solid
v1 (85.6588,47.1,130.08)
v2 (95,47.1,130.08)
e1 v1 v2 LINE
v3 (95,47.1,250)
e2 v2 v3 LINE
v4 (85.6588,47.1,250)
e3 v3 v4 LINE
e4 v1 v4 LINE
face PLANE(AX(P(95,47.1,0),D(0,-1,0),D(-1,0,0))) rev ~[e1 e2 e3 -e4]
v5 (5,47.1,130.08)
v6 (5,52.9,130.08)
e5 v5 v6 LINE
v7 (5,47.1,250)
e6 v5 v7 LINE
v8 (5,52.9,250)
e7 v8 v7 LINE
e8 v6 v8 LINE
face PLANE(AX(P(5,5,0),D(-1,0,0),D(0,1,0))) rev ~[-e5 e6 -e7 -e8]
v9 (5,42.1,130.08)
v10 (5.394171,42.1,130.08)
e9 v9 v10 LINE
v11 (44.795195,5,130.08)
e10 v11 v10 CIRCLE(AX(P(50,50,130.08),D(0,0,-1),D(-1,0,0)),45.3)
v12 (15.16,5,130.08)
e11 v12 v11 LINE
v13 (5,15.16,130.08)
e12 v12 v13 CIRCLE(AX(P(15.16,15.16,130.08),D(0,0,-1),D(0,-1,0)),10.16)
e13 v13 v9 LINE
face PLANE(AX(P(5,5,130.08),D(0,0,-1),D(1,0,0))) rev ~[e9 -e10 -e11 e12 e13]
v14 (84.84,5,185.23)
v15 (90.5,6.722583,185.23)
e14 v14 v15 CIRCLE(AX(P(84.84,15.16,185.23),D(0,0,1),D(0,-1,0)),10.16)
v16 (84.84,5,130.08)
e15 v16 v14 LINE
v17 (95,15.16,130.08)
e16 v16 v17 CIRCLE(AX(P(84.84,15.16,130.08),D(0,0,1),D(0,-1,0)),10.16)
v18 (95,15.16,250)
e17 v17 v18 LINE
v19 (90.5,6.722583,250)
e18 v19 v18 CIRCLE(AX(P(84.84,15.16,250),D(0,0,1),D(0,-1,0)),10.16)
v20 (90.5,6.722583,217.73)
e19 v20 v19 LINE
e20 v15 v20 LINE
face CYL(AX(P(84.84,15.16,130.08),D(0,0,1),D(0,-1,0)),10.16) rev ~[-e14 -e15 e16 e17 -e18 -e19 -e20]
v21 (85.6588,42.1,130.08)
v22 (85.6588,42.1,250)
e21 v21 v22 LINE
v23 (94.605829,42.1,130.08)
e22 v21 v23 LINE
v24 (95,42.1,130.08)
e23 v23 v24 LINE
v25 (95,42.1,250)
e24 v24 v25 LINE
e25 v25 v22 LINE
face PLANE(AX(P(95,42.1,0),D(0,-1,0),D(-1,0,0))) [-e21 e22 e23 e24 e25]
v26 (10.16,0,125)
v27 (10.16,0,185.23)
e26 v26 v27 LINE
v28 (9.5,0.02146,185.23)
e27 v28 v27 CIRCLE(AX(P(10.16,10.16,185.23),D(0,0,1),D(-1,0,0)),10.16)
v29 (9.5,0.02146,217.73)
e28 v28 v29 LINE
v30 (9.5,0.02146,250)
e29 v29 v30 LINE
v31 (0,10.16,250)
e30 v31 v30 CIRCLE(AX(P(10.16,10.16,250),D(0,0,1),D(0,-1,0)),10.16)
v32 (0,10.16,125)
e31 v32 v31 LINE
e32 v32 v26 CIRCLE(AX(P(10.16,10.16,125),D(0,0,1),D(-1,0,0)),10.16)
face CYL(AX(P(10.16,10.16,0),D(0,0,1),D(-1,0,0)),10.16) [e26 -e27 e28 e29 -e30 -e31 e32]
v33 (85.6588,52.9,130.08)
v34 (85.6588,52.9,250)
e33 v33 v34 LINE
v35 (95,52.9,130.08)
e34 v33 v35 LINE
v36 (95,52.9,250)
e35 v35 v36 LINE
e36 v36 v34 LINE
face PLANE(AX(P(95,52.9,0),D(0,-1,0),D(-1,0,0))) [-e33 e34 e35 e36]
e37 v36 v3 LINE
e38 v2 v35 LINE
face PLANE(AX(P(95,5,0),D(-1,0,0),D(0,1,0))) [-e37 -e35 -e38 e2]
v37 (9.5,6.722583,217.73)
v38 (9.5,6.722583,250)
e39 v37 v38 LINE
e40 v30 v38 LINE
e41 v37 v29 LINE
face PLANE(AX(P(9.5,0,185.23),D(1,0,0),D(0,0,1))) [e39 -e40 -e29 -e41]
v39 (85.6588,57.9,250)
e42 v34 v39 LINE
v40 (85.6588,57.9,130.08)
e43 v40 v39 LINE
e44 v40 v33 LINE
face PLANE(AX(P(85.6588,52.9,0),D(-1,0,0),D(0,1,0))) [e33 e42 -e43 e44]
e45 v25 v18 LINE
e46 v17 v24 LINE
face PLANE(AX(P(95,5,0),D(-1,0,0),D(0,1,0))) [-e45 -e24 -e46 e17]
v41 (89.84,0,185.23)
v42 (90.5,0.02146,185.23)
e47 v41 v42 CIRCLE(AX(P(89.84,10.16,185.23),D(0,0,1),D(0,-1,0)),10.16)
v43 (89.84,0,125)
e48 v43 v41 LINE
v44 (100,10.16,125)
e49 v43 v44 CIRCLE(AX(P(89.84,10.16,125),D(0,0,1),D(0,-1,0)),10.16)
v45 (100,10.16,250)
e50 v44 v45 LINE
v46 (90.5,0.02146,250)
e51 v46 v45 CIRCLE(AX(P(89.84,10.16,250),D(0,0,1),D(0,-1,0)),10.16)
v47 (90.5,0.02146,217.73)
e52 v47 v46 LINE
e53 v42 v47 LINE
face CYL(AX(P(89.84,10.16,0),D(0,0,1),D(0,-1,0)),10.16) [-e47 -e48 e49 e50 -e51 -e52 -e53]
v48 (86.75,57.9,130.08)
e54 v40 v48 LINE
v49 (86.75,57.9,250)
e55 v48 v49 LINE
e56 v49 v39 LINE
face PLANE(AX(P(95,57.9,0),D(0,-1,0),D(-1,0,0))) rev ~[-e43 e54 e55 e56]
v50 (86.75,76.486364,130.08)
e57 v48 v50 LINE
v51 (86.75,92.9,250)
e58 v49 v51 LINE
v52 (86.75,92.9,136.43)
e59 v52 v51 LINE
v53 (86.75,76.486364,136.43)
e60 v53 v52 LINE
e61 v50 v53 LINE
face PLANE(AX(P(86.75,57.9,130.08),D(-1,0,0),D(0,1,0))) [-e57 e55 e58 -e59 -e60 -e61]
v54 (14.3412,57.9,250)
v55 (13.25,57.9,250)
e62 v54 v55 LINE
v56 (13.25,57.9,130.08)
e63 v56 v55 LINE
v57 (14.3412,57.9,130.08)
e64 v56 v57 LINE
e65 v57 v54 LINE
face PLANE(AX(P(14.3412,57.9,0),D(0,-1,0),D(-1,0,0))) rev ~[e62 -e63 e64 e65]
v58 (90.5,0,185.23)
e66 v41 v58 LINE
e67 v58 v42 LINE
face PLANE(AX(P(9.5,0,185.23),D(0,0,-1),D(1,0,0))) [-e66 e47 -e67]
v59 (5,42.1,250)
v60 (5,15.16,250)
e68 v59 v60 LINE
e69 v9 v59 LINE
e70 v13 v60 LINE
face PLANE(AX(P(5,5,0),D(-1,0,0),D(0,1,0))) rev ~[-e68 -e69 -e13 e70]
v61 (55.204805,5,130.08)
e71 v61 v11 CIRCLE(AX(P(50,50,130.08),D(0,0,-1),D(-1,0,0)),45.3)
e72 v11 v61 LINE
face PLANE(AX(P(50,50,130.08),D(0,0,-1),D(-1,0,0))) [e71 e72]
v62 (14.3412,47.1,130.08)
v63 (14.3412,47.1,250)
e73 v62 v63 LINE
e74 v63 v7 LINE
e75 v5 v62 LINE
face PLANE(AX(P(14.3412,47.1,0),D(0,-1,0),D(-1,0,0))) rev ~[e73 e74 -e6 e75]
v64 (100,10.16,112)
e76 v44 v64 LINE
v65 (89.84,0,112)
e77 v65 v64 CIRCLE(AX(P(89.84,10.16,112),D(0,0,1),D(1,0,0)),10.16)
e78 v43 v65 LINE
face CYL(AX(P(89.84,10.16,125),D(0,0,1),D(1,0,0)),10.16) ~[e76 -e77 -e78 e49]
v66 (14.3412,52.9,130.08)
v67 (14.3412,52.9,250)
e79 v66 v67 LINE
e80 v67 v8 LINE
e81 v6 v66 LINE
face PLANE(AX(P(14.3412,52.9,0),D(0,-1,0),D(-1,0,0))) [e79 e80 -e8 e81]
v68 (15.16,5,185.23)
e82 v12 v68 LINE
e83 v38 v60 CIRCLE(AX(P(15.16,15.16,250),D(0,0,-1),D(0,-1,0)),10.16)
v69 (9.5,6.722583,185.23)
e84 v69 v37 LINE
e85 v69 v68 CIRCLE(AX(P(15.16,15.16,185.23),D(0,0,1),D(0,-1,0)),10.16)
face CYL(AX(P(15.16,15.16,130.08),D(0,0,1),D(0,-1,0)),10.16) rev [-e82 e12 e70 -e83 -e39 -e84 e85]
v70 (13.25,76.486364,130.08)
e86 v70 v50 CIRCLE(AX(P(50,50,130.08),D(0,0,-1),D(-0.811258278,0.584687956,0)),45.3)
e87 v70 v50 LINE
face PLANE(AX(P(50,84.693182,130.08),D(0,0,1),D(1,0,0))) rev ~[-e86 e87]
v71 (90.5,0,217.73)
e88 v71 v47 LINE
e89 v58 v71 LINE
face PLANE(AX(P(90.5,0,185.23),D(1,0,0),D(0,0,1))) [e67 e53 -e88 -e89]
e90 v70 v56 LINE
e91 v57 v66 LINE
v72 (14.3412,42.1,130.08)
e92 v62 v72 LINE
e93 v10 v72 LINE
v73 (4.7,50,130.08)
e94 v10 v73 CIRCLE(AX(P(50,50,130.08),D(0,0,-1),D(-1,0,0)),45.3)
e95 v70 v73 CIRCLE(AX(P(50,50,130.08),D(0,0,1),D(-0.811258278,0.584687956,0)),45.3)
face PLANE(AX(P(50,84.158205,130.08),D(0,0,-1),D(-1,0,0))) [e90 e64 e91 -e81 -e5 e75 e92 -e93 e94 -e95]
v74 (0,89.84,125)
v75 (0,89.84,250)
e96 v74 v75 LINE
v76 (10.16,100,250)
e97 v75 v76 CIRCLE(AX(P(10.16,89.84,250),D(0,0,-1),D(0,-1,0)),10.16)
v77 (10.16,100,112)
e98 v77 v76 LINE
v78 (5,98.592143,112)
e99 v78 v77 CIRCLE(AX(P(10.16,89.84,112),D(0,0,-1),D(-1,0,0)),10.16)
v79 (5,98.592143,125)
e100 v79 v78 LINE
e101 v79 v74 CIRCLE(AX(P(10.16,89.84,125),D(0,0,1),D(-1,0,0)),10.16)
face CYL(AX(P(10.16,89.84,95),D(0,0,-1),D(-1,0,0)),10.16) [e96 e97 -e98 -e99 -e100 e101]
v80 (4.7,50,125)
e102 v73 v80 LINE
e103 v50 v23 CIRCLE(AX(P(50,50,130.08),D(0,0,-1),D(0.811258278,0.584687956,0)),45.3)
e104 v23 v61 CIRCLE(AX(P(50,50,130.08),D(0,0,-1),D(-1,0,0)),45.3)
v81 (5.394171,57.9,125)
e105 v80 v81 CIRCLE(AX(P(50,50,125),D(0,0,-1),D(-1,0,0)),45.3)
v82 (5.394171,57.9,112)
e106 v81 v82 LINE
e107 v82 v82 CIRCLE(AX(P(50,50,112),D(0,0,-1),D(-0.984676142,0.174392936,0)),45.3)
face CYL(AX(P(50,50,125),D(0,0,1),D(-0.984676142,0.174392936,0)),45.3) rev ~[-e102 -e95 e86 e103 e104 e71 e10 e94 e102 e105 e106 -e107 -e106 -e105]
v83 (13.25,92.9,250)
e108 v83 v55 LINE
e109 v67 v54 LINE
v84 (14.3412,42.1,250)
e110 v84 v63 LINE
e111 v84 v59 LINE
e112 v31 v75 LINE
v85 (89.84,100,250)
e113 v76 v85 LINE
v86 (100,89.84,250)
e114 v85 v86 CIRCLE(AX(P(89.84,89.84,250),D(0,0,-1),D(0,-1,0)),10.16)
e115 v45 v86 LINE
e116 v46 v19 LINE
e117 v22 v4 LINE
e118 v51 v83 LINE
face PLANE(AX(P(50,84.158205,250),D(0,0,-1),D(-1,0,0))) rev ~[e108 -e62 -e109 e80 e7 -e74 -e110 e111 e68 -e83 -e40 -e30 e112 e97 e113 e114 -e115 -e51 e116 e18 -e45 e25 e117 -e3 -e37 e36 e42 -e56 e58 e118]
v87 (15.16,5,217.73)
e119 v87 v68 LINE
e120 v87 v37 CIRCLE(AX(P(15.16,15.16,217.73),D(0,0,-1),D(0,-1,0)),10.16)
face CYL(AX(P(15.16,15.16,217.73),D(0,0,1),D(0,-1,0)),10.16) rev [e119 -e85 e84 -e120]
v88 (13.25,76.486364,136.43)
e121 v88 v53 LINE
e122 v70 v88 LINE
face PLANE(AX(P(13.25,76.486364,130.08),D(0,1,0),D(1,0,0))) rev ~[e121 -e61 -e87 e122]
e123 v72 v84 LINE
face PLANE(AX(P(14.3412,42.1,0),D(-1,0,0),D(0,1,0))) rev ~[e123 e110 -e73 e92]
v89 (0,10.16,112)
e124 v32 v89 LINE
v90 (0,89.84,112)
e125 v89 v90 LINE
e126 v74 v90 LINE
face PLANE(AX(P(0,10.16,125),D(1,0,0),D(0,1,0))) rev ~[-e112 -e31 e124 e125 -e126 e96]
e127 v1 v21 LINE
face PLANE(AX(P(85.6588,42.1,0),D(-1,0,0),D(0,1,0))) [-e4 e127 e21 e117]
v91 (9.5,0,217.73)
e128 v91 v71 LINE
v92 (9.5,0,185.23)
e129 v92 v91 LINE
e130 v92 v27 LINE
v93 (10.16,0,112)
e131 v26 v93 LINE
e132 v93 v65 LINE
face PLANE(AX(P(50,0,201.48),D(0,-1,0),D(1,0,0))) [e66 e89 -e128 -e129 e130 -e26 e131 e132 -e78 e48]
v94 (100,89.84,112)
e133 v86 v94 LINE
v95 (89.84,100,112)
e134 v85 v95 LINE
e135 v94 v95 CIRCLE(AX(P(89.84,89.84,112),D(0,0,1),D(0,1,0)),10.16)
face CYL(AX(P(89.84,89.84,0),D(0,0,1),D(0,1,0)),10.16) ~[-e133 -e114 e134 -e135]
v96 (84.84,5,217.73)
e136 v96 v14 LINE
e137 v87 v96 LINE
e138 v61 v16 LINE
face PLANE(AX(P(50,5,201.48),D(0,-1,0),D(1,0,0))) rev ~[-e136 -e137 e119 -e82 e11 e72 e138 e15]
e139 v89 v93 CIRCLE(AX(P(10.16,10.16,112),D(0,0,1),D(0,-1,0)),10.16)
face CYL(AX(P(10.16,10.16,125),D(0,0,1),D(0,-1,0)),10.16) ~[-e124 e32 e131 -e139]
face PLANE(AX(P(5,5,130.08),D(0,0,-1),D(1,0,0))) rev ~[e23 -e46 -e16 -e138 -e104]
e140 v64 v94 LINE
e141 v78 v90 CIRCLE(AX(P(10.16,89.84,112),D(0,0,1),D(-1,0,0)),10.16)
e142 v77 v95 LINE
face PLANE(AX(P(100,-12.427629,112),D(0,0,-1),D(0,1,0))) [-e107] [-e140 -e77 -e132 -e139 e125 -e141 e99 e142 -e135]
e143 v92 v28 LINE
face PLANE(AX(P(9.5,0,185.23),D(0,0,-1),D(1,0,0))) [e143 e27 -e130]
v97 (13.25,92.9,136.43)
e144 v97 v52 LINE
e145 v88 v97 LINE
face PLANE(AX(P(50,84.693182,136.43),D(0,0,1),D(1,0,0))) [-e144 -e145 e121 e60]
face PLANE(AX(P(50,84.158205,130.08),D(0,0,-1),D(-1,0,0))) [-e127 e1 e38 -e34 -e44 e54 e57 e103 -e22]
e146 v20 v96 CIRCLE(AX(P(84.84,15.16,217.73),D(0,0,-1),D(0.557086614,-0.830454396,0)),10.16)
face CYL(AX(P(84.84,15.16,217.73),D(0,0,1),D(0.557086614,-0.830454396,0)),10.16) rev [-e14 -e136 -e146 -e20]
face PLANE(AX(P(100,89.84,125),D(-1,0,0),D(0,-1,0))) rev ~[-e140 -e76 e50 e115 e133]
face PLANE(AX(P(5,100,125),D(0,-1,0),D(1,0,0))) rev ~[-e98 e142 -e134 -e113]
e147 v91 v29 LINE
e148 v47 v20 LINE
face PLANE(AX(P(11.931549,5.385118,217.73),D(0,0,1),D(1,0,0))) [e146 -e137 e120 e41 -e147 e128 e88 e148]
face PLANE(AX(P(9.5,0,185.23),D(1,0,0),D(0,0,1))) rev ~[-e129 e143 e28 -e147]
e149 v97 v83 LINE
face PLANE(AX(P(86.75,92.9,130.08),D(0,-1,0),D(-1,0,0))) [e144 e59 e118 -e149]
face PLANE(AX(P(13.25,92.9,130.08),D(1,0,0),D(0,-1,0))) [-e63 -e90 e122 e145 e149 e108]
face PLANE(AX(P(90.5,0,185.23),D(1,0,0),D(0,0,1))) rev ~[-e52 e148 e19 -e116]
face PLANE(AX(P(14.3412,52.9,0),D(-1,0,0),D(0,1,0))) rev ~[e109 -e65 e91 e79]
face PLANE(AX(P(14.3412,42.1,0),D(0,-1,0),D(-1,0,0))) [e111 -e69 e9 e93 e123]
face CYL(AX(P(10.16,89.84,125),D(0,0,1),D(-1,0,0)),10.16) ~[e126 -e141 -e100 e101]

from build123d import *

# Parameters (mm, degrees)
SKETCH1_W            = 100
SKETCH1_H            = 100
BOSS_EXTRUDE1_DEPTH  = 250
SKETCH2_W            = 90
SKETCH2_H            = 90
CUT_EXTRUDE1_DEPTH   = 288.228132327
FILLET1_R            = 10.16
SKETCH3_W            = 9.3412
SKETCH3_H            = 5
BOSS_EXTRUDE2_DEPTH  = 250
SKETCH4_W            = 100
SKETCH4_H            = 125
CUT_EXTRUDE2_DEPTH   = 288.228132327
SKETCH6_W            = 90
SKETCH6_H            = 5.08
BOSS_EXTRUDE3_DEPTH  = 95
SKETCH7_R            = 45.3
CUT_EXTRUDE4_DEPTH   = 5.08
SKETCH10_R           = 48.300000047
BOSS_EXTRUDE4_DEPTH  = 30
SKETCH11_R           = 45.3
CUT_EXTRUDE5_DEPTH   = 30
SKETCH13_W           = 63.5
SKETCH13_H           = 63.5
CUT_EXTRUDE7_DEPTH   = 5
FILLET4_R            = 1.27
FILLET5_R            = 10.16
BOSS_EXTRUDE6_DEPTH  = 30
SKETCH16_R           = 45.3
CUT_EXTRUDE8_DEPTH   = 189.745860882
CUT_EXTRUDE10_DEPTH  = 210.821352584
SKETCH19_W           = 81
SKETCH19_H           = 64.77
CUT_EXTRUDE11_DEPTH  = 25.4
SKETCH20_W           = 81
SKETCH20_H           = 32.5
BOSS_EXTRUDE7_DEPTH  = 5
BOSS_EXTRUDE8_START  = 32.5
BOSS_EXTRUDE8_DEPTH  = 32.5
BOSS_EXTRUDE10_DEPTH = 119.92
SKETCH25_W           = 73.5
SKETCH25_H           = 16.413635584
BOSS_EXTRUDE11_DEPTH = 6.35
SKETCH26_W           = 17
SKETCH26_H           = 125.184112418
CUT_EXTRUDE12_DEPTH  = 288.228132327


with BuildPart() as part:
    # Sketch1 → Boss-Extrude1 (new body)
    with BuildSketch(Plane.XY):
        with Locations((50, 50)):
            Rectangle(SKETCH1_W, SKETCH1_H)
    extrude(amount=BOSS_EXTRUDE1_DEPTH)

    # Sketch2 → Cut-Extrude1 (cut, through all)
    with BuildSketch(Plane(origin=(0, 0, 0), x_dir=(-1, 0, 0), z_dir=(0, 0, -1))):
        with Locations((-50, 50)):
            Rectangle(SKETCH2_W, SKETCH2_H)
    extrude(amount=-CUT_EXTRUDE1_DEPTH, mode=Mode.SUBTRACT)

    # Fillet1
    fillet1_edges = [part.edges().sort_by_distance(p)[0] for p in [
        (0, 100, 125),
        (0, 0, 125),
        (100, 0, 125),
        (100, 100, 125),
    ]]
    fillet(fillet1_edges, radius=FILLET1_R)

    # Sketch3 → Boss-Extrude2 (add, through all)
    with BuildSketch(Plane(origin=(0, 0, 0), x_dir=(-1, 0, 0), z_dir=(0, 0, -1))):
        with Locations((-90.3294, 55.4)):
            Rectangle(SKETCH3_W, SKETCH3_H)
        with Locations((-90.3294, 44.6)):
            Rectangle(SKETCH3_W, SKETCH3_H)
        with Locations((-9.6706, 44.6)):
            Rectangle(SKETCH3_W, SKETCH3_H)
        with Locations((-9.6706, 55.4)):
            Rectangle(SKETCH3_W, SKETCH3_H)
    extrude(amount=-BOSS_EXTRUDE2_DEPTH)

    # Sketch4 → Cut-Extrude2 (cut, through all)
    with BuildSketch(Plane(origin=(0, 100, 0), x_dir=(1, 0, 0), z_dir=(0, 1, 0))):
        with Locations((50, -62.5)):
            Rectangle(SKETCH4_W, SKETCH4_H)
    extrude(amount=-CUT_EXTRUDE2_DEPTH, mode=Mode.SUBTRACT)

    # Sketch6 → Boss-Extrude3 (add)
    with BuildSketch(Plane(origin=(0, 5, 0), x_dir=(1, 0, 0), z_dir=(0, 1, 0))):
        with Locations((50, -127.54)):
            Rectangle(SKETCH6_W, SKETCH6_H)
    extrude(amount=BOSS_EXTRUDE3_DEPTH)

    # Sketch7 → Cut-Extrude4 (cut)
    with BuildSketch(Plane(origin=(0, 0, 125), x_dir=(-1, 0, 0), z_dir=(0, 0, -1))):
        with Locations((-50, 50)):
            Circle(SKETCH7_R)
    extrude(amount=-CUT_EXTRUDE4_DEPTH, mode=Mode.SUBTRACT)

    # Sketch10 → Boss-Extrude4 (add)
    with BuildSketch(Plane(origin=(0, 0, 125), x_dir=(-1, 0, 0), z_dir=(0, 0, -1))):
        with Locations(Location((-50, 50, 0), (0, 0, 180))):
            Circle(SKETCH10_R)
    extrude(amount=BOSS_EXTRUDE4_DEPTH)

    # Sketch11 → Cut-Extrude5 (cut)
    with BuildSketch(Plane(origin=(0, 0, 95), x_dir=(-1, 0, 0), z_dir=(0, 0, -1))):
        with Locations((-50, 50)):
            Circle(SKETCH11_R)
    extrude(amount=-CUT_EXTRUDE5_DEPTH, mode=Mode.SUBTRACT)

    # Sketch13 → Cut-Extrude7 (cut)
    with BuildSketch(Plane.XZ):
        with Locations((50, 218.25)):
            Rectangle(SKETCH13_W, SKETCH13_H)
    extrude(amount=-CUT_EXTRUDE7_DEPTH, mode=Mode.SUBTRACT)

    # Fillet4
    fillet4_edges = [part.edges().sort_by_distance(p)[0] for p in [
        (81.75, 0, 218.25),
        (18.25, 0, 218.25),
        (50, 0, 186.5),
    ]]
    fillet(fillet4_edges, radius=FILLET4_R)

    # Fillet5
    fillet5_edges = [part.edges().sort_by_distance(p)[0] for p in [
        (95, 95, 190.04),
        (5, 95, 190.04),
        (5, 5, 190.04),
        (95, 5, 190.04),
    ]]
    fillet(fillet5_edges, radius=FILLET5_R)

    # Sketch14 → Boss-Extrude6 (add)
    with BuildSketch(Plane(origin=(0, 0, 125), x_dir=(-1, 0, 0), z_dir=(0, 0, -1))):
        with BuildLine():
            Line((-5, 100), (-95, 100))
            Line((-95, 100), (-95, 98.592142595))
            ThreePointArc((-95, 98.592142595), (-98.661881885, 94.879841267), (-100, 89.84))
            Line((-100, 89.84), (-100, 10.16))
            ThreePointArc((-100, 10.16), (-97.024204897, 2.975795103), (-89.84, 0))
            Line((-89.84, 0), (-10.16, 0))
            ThreePointArc((-10.16, 0), (-2.975795103, 2.975795103), (0, 10.16))
            Line((0, 10.16), (0, 89.84))
            ThreePointArc((0, 89.84), (-1.338118115, 94.879841267), (-5, 98.592142595))
            Line((-5, 98.592142595), (-5, 100))
        make_face()
    extrude(amount=BOSS_EXTRUDE6_DEPTH)

    # Sketch16 → Cut-Extrude8 (cut, through all)
    with BuildSketch(Plane.XY.offset(125)):
        with Locations(Location((50, 50, 0), (0, 0, 169.956667322))):
            Circle(SKETCH16_R)
    extrude(amount=-CUT_EXTRUDE8_DEPTH, mode=Mode.SUBTRACT)

    # Sketch18 → Cut-Extrude10 (cut, through all)
    with BuildSketch(Plane(origin=(0, 0, 95), x_dir=(-1, 0, 0), z_dir=(0, 0, -1))):
        with BuildLine():
            Line((-100, 89.84), (-100, 107.62))
            Line((-100, 107.62), (0, 107.62))
            Line((0, 107.62), (0, 89.84))
            ThreePointArc((0, 89.84), (-2.975795103, 97.024204897), (-10.16, 100))
            Line((-10.16, 100), (-89.84, 100))
            ThreePointArc((-89.84, 100), (-97.024204897, 97.024204897), (-100, 89.84))
        make_face()
    extrude(amount=-CUT_EXTRUDE10_DEPTH, mode=Mode.SUBTRACT)

    # Sketch19 → Cut-Extrude11 (cut)
    with BuildSketch(Plane.XZ):
        with Locations((50, 217.615)):
            Rectangle(SKETCH19_W, SKETCH19_H)
    extrude(amount=-CUT_EXTRUDE11_DEPTH, mode=Mode.SUBTRACT)

    # Sketch20 → Boss-Extrude7 (add)
    with BuildSketch(Plane.XZ):
        with Locations((50, 201.48)):
            Rectangle(SKETCH20_W, SKETCH20_H)
    extrude(amount=-BOSS_EXTRUDE7_DEPTH)

    # Sketch21 → Boss-Extrude8 (add)
    with BuildSketch(Plane.XY.offset(185.23).offset(BOSS_EXTRUDE8_START)):
        with BuildLine():
            Line((9.5, 5), (15.16, 5))
            ThreePointArc((15.16, 5), (12.201837845, 5.440181243), (9.5, 6.722583334))
            Line((9.5, 6.722583334), (9.5, 5))
        make_face()
        with BuildLine():
            ThreePointArc((90.5, 6.722583334), (87.798162155, 5.440181243), (84.84, 5))
            Line((84.84, 5), (90.5, 5))
            Line((90.5, 5), (90.5, 6.722583334))
        make_face()
    extrude(amount=-BOSS_EXTRUDE8_DEPTH)

    # Sketch24 → Boss-Extrude10 (add)
    with BuildSketch(Plane.XY.offset(130.08)):
        Polygon((95, 57.9), (86.75, 57.9), (86.75, 92.9), (13.25, 92.9), (13.25, 57.9), (5, 57.9), (5, 95), (95, 95), align=None)
    extrude(amount=BOSS_EXTRUDE10_DEPTH)

    # Sketch25 → Boss-Extrude11 (add)
    with BuildSketch(Plane.XY.offset(130.08)):
        with Locations((50, 84.693182208)):
            Rectangle(SKETCH25_W, SKETCH25_H)
    extrude(amount=BOSS_EXTRUDE11_DEPTH)

    # Sketch26 → Cut-Extrude12 (cut, through all)
    with BuildSketch(Plane(origin=(100, 0, 0), x_dir=(0, 0, -1), z_dir=(1, 0, 0))):
        with Locations((-103.5, 50.164427468)):
            Rectangle(SKETCH26_W, SKETCH26_H)
    extrude(amount=-CUT_EXTRUDE12_DEPTH, mode=Mode.SUBTRACT)


solid = part.part
